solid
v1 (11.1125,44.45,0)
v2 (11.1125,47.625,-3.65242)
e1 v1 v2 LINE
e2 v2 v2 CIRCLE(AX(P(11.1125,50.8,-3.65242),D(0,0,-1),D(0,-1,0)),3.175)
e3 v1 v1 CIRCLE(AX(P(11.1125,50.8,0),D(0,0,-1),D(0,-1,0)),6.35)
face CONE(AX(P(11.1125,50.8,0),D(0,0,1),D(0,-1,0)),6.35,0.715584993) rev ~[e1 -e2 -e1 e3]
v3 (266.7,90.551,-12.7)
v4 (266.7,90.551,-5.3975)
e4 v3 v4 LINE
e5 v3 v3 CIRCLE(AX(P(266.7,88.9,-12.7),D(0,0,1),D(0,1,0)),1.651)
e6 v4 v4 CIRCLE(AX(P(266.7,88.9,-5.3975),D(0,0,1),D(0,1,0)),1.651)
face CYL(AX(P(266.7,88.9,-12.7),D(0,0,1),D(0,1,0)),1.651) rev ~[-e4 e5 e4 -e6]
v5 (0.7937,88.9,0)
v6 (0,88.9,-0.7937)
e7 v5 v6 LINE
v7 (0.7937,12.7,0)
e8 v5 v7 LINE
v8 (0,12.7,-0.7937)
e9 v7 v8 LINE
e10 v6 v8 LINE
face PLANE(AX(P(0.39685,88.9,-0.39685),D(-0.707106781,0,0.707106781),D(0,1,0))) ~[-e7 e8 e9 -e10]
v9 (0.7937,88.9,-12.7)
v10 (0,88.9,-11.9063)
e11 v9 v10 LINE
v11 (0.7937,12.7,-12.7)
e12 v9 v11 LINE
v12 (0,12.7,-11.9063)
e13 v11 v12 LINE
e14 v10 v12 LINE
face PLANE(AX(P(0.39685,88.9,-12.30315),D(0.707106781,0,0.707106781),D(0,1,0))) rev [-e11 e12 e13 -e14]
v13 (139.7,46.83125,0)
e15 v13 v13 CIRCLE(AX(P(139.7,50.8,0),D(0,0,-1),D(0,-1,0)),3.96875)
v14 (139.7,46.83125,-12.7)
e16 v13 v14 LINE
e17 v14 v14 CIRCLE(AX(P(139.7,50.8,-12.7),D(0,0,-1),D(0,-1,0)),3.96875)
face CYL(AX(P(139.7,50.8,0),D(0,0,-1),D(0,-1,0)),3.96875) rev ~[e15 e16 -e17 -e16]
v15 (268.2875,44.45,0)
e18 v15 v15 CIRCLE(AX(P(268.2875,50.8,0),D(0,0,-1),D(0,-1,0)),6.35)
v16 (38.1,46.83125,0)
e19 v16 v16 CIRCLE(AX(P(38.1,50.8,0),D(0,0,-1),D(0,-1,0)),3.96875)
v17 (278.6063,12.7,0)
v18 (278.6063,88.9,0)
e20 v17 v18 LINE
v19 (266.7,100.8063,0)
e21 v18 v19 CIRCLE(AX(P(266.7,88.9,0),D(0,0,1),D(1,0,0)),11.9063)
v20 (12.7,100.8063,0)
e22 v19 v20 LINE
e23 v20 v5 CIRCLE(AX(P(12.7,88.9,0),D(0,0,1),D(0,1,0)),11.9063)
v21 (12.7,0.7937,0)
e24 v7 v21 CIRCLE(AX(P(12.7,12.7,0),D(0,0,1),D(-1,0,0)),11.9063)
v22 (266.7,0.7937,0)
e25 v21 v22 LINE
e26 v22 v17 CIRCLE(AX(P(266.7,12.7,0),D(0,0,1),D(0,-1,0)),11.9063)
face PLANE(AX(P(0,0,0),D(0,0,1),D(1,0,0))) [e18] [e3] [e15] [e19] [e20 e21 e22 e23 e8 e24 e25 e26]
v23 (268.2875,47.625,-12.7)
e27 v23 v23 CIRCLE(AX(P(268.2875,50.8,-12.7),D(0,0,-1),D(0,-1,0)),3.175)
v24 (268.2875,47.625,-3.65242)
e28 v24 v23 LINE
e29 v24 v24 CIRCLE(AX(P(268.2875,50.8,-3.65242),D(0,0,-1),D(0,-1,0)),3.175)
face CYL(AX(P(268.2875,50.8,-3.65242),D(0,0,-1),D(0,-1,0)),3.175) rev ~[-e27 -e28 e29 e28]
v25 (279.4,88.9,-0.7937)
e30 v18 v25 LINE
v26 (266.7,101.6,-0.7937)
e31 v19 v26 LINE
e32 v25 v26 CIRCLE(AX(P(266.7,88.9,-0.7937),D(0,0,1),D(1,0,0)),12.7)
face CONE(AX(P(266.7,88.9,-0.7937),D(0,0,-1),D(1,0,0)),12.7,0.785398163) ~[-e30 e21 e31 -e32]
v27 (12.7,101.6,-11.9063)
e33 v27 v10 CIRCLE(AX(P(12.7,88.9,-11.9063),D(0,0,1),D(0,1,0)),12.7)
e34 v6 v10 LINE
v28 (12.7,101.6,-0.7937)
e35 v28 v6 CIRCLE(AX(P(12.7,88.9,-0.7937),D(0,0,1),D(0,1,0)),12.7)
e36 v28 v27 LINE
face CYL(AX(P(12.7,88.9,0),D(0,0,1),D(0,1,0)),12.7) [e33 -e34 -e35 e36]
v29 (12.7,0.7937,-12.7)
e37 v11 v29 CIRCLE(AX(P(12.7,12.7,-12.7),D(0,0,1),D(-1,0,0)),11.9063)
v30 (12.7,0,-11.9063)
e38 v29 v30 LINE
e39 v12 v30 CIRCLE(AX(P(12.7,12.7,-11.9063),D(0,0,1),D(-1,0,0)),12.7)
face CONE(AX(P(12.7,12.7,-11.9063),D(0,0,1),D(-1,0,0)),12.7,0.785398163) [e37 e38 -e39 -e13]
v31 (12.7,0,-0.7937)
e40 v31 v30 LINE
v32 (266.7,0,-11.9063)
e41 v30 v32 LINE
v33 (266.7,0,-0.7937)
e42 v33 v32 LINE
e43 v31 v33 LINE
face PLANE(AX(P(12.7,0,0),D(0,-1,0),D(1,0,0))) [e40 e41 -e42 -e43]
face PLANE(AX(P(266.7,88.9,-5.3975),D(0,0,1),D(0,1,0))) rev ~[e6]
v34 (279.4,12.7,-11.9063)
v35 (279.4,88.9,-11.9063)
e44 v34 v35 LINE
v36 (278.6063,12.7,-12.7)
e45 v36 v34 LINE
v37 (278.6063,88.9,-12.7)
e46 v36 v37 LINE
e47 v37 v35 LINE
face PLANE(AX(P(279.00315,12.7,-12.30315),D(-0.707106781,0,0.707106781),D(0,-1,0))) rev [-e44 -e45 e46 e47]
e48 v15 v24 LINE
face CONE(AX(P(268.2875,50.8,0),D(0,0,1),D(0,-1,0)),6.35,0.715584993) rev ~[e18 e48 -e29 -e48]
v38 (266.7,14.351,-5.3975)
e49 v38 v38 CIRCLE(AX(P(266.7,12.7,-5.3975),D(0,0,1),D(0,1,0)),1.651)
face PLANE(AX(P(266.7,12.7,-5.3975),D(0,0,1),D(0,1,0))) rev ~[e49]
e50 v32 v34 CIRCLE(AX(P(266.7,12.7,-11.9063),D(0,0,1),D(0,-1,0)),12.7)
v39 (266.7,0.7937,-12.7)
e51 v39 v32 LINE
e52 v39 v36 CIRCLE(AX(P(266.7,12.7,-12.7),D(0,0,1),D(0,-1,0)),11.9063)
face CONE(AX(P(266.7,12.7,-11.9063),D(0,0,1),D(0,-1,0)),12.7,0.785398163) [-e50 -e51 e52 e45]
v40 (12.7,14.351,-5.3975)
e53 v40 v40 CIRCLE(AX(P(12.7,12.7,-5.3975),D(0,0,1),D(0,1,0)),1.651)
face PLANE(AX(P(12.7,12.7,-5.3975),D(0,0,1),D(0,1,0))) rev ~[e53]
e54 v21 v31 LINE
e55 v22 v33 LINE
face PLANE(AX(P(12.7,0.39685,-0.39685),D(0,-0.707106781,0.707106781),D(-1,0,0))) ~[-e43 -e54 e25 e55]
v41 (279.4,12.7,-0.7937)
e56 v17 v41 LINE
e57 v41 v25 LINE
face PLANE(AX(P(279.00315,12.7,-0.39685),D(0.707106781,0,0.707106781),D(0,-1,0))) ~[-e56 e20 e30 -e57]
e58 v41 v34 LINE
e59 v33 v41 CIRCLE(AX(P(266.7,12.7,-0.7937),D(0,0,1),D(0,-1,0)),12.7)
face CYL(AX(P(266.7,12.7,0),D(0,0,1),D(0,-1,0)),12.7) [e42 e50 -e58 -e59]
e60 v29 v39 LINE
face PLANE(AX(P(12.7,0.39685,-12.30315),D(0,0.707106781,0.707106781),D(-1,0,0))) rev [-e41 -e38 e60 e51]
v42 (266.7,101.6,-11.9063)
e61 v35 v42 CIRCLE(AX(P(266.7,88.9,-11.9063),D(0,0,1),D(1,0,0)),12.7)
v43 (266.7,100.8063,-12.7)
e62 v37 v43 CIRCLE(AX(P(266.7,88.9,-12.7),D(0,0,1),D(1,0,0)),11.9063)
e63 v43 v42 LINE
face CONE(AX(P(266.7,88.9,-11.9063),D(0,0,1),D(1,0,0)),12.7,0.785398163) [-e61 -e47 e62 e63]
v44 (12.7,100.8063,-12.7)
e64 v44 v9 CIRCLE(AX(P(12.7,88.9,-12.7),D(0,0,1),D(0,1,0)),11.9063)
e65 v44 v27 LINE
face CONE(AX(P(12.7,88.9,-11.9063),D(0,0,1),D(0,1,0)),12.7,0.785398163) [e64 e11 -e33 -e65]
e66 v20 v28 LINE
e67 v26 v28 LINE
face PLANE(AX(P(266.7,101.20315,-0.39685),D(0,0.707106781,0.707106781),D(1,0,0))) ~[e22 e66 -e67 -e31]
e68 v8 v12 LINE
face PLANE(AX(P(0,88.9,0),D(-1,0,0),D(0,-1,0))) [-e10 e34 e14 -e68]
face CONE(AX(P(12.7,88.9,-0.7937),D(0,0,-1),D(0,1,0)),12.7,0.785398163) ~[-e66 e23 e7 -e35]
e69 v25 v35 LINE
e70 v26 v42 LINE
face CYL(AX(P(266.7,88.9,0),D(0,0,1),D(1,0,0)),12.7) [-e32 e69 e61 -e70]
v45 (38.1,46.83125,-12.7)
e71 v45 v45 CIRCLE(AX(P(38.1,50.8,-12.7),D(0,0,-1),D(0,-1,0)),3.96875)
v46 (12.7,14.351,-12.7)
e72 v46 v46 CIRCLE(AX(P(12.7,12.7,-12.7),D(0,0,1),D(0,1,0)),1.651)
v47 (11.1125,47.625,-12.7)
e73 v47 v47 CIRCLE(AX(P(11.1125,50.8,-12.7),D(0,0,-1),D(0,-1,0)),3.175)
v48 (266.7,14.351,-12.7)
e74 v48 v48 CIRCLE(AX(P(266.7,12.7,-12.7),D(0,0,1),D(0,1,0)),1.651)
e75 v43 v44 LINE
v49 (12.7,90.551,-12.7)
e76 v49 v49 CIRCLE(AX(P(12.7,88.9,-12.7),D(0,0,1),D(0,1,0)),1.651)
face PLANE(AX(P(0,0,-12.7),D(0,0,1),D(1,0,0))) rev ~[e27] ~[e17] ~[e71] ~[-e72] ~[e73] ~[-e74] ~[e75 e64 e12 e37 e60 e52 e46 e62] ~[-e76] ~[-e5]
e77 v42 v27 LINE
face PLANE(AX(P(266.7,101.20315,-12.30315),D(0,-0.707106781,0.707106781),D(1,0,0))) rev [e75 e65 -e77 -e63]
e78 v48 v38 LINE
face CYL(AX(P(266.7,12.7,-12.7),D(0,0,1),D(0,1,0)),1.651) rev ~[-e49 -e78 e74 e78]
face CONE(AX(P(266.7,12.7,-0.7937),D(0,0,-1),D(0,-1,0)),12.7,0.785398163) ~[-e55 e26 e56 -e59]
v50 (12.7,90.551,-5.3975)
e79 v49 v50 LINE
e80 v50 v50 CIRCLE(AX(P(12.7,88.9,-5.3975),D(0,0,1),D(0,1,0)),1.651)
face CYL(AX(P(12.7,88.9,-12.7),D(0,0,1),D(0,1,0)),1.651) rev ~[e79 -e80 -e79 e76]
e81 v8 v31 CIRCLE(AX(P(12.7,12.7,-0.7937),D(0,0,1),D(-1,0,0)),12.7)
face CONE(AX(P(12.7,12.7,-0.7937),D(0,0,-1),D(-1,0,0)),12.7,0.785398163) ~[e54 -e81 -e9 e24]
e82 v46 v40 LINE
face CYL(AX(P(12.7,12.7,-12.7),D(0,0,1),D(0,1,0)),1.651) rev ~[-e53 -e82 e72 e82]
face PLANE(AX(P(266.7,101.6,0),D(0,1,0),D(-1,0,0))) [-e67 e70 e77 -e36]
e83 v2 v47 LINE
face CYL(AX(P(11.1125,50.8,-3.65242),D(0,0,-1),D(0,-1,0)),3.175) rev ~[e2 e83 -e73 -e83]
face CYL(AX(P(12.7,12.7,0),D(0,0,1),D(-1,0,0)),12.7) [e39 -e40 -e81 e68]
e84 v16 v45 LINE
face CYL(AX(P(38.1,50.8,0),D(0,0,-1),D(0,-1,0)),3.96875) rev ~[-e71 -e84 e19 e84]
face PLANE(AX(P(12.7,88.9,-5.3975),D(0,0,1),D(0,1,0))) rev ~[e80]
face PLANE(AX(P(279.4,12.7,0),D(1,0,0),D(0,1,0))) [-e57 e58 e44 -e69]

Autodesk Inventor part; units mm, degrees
ref_plane "YZ Plane" through (0, 0, 0) normal (1, 0, 0) x (0, 1, 0)
ref_plane "XZ Plane" through (0, 0, 0) normal (0, 1, 0) x (-1, 0, 0)
ref_plane "XY Plane" through (0, 0, 0) normal (0, 0, 1) x (1, 0, 0)
sketch "Sketch1" plane through (0, 0, 0) normal (0, 0, 1) x (1, 0, 0)
  line L0 (12.7, 0) -> (266.7, 0)
  line L1 (279.4, 12.7) -> (279.4, 88.9)
  line L2 (266.7, 101.6) -> (12.7, 101.6)
  line L3 (0, 88.9) -> (0, 12.7)
  arc A0 (12.7, 101.6) -> (0, 88.9) centre (12.7, 88.9) ccw
  arc A1 (279.4, 88.9) -> (266.7, 101.6) centre (266.7, 88.9) ccw
  arc A2 (266.7, 0) -> (279.4, 12.7) centre (266.7, 12.7) ccw
  arc A3 (0, 12.7) -> (12.7, 0) centre (12.7, 12.7) ccw
  point P0 (0, 0)
  point P1 (279.4, 0)
  point P2 (0, 101.6)
  point P3 (11.1125, 50.8)
  point P4 (38.1, 50.8)
  point P5 (139.7, 50.8)
  point P6 (268.2875, 50.8)
  dimension "d0" = 101.6
  dimension "d1" = 279.4
  dimension "d2" = 12.7
  dimension "d5" = 11.1125
  dimension "d6" = 50.8
  dimension "d7" = 50.8
  dimension "d8" = 50.8
  dimension "d9" = 50.8
  dimension "d10" = 38.1
  dimension "d11" = 139.7
  dimension "d12" = 11.1125
extrude "Extrusion1" add sketch "Sketch1" against normal blind 12.7
hole "Hole1" at (11.1125, 50.8, 0) direction (0, 0, -1) diameter 6.35 end through all countersink diameter 12.7 countersink angle 82
hole "Hole2" at (268.2875, 50.8, 0) direction (0, 0, -1) diameter 6.35 end through all countersink diameter 12.7 countersink angle 82
hole "Hole3" at (38.1, 50.8, 0) direction (0, 0, -1) diameter 7.9375 end through all
hole "Hole4" at (139.7, 50.8, 0) direction (0, 0, -1) diameter 7.9375 end through all
chamfer "Chamfer1" distance 0.7937 angle 45 8 edges at (139.7, 101.6, 0) (275.6803, 97.8803, 0) (279.4, 50.8, 0) (275.6803, 3.7197, 0) (139.7, 0, 0) (3.7197, 3.7197, 0) (0, 50.8, 0) (3.7197, 97.8803, 0)
chamfer "Chamfer2" distance 0.7937 angle 45 8 edges at (139.7, 101.6, -12.7) (275.6803, 97.8803, -12.7) (279.4, 50.8, -12.7) (275.6803, 3.7197, -12.7) (139.7, 0, -12.7) (3.7197, 3.7197, -12.7) (0, 50.8, -12.7) (3.7197, 97.8803, -12.7)
sketch "Sketch2" plane through (0, 0, -12.7) normal (0, 0, -1) x (-1, 0, 0)
  point P0 (0, 0)
  point P1 (-266.7, 88.9)
  point P2 (-266.7, 12.7)
  point P3 (-12.7, 12.7)
  point P4 (-12.7, 88.9)
hole "Hole5" at (266.7, 88.9, -12.7) at (266.7, 12.7, -12.7) at (12.7, 12.7, -12.7) at (12.7, 88.9, -12.7) direction (0, 0, 1) diameter 3.302 depth 7.3025 thread size "8-32 UNC" class "2B" standard "ANSI Unified Screw Threads"
properties part number "BasePlateDE"
